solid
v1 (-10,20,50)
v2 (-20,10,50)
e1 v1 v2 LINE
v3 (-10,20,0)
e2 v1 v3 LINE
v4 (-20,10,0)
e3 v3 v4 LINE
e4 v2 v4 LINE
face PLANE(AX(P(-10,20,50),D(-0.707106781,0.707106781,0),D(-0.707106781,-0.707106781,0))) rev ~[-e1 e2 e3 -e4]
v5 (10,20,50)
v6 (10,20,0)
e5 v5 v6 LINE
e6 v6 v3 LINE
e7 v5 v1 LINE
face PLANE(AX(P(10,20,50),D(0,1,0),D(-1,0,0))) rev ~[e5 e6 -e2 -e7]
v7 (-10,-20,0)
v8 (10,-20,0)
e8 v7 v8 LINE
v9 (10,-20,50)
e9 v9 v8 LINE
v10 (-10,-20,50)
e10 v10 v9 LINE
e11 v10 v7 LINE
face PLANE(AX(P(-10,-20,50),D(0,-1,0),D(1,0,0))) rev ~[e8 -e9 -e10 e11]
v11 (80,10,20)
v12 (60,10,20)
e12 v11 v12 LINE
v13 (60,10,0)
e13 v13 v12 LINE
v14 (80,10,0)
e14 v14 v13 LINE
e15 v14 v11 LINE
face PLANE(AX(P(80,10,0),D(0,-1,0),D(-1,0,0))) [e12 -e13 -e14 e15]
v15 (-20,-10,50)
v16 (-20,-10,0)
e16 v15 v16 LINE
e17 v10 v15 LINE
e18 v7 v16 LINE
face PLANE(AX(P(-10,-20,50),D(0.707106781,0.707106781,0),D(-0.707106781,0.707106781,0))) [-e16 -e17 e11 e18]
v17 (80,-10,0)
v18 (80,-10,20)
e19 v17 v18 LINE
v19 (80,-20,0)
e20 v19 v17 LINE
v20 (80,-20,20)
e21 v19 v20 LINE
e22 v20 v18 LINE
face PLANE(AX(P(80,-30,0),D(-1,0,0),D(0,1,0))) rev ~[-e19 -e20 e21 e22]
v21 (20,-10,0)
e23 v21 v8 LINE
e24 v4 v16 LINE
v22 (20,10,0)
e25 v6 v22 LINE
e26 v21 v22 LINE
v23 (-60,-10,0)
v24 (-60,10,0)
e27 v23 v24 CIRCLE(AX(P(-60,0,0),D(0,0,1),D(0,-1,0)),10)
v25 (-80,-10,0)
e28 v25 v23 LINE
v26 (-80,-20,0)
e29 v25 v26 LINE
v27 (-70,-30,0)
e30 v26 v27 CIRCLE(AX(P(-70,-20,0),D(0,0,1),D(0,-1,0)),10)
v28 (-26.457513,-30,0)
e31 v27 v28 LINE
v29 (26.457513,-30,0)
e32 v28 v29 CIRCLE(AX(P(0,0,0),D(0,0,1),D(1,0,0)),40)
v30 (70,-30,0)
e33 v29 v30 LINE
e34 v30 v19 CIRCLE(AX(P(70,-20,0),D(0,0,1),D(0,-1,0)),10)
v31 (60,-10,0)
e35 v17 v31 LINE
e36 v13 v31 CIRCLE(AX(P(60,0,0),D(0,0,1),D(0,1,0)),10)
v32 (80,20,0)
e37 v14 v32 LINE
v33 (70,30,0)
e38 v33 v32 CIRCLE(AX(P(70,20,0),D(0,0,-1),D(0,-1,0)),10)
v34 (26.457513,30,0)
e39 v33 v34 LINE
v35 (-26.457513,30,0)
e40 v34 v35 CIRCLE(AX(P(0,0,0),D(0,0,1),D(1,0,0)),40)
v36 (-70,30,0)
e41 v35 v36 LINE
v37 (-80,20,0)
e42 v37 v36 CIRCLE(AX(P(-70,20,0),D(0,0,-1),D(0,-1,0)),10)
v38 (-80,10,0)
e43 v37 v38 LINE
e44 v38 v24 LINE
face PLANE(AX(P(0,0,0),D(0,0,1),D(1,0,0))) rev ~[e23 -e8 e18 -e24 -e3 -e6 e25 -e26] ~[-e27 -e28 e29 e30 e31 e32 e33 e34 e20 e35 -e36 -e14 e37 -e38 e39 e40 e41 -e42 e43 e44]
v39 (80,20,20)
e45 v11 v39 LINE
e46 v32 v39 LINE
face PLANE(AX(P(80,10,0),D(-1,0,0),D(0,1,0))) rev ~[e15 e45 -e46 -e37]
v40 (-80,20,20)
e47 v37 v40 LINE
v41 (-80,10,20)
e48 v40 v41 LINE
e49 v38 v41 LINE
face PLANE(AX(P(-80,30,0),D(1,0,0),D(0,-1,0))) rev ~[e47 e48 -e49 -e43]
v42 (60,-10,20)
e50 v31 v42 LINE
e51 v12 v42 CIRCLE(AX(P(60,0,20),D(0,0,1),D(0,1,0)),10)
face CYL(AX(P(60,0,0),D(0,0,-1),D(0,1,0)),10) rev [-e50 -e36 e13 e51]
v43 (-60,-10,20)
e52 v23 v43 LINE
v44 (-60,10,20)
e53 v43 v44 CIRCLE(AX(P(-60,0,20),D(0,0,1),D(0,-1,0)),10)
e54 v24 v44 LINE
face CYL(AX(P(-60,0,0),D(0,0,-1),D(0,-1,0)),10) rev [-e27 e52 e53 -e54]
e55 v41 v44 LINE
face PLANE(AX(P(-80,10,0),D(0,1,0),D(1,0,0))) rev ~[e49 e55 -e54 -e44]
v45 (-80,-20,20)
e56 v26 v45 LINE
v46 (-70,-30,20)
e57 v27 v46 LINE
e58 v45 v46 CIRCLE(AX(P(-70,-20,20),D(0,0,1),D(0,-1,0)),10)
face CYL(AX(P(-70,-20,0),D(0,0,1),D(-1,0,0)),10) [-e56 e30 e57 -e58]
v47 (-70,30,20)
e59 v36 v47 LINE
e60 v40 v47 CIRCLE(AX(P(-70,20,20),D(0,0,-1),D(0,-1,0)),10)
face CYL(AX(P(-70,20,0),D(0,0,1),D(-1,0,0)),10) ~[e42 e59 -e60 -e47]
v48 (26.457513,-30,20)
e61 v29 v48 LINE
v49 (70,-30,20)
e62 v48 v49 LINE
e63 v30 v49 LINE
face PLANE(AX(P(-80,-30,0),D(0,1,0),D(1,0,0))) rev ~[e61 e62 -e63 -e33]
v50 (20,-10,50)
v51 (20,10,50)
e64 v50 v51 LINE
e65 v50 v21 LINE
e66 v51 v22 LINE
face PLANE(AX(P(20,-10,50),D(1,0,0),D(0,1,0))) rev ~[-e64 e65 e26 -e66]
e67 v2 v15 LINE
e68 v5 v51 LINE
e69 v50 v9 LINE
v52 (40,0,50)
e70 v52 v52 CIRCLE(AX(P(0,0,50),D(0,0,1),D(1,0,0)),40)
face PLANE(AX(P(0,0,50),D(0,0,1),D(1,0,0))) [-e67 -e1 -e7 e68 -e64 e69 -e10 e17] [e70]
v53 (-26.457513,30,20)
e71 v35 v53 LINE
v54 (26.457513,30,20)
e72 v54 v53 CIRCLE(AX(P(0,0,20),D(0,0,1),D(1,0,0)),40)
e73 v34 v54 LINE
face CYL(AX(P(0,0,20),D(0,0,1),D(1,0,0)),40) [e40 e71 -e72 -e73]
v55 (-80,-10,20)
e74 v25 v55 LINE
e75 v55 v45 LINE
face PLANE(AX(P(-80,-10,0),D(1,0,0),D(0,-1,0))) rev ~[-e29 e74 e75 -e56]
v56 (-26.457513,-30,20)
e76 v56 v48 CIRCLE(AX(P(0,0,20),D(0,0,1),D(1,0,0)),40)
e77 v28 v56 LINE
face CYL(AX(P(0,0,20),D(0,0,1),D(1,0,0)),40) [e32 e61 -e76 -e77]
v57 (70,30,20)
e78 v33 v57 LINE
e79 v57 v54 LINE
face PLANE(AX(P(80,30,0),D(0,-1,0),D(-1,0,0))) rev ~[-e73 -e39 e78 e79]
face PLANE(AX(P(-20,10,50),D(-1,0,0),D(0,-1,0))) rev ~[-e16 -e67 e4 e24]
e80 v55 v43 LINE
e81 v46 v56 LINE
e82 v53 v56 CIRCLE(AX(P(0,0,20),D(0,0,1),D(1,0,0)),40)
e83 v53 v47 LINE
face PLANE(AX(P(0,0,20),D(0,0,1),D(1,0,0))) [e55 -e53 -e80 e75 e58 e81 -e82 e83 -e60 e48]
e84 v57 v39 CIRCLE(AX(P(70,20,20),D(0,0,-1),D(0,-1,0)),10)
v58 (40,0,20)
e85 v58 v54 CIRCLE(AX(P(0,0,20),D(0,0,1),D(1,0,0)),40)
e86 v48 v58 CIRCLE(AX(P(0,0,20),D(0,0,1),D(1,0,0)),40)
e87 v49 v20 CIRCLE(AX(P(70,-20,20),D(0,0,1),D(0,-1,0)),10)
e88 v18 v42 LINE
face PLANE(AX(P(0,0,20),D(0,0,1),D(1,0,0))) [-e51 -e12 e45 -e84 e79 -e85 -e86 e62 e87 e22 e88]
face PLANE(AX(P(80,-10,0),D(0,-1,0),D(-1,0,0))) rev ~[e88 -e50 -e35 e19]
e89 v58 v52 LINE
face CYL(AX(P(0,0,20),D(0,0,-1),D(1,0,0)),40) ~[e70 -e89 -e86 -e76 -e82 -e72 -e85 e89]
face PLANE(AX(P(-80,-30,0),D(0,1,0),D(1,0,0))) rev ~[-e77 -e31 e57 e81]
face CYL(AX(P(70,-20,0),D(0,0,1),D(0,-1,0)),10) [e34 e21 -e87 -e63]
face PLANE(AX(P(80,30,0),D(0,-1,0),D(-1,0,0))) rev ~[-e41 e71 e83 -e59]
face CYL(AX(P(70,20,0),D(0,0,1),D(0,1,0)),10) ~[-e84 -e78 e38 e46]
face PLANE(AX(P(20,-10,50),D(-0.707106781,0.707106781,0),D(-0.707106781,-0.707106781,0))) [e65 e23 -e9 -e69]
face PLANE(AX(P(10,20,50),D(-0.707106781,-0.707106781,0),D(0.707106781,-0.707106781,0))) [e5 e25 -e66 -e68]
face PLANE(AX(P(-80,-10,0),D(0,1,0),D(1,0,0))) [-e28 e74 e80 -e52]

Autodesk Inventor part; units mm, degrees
ref_plane "YZ Plane" through (0, 0, 0) normal (1, 0, 0) x (0, 1, 0)
ref_plane "XZ Plane" through (0, 0, 0) normal (0, 1, 0) x (-1, 0, 0)
ref_plane "XY Plane" through (0, 0, 0) normal (0, 0, 1) x (1, 0, 0)
sketch "Boceto1" plane through (0, 0, 0) normal (0, 0, 1) x (1, 0, 0)
  line L0 (-80, -30) -> (80, -30)
  line L1 (80, 30) -> (-80, 30)
  line L2 (-80, -30) -> (80, 30) construction
  line L3 (80, -30) -> (-80, 30) construction
  line L4 (0, -42) -> (0, 42) construction
  line L5 (-112, 0) -> (112, 0) construction
  arc A0 (-60, -10) -> (-60, 10) centre (-60, 0) ccw
  line L6 (-80, 10) -> (-60, 10)
  line L7 (-80, -10) -> (-60, -10)
  arc A1 (60, 10) -> (60, -10) centre (60, 0) ccw
  line L8 (80, 10) -> (60, 10)
  line L9 (80, -10) -> (60, -10)
  line L10 (-80, 30) -> (-80, 10)
  line L11 (-80, -10) -> (-80, -30)
  line L12 (80, -30) -> (80, -10)
  line L13 (80, 10) -> (80, 30)
  point P0 (0, 0)
  dimension "d2" = 160
  dimension "d3" = 60
  dimension "d4" = 20
  dimension "d6" = 20
  dimension "d7" = 20
extrude "Extrusión1" add sketch "Boceto1" along normal blind 20
sketch "Boceto2" plane through (0, 0, 20) normal (0, 0, 1) x (1, 0, 0)
  circle A0 centre (0, 0) radius 40
  dimension "d10" = 80
extrude "Extrusión2" add sketch "Boceto2" along normal blind 30 and the other way blind 20
sketch "Boceto3" plane through (0, 0, 50) normal (0, 0, 1) x (1, 0, 0)
  line L0 (-10, -20) -> (10, -20)
  line L1 (20, -10) -> (20, 10)
  line L2 (10, 20) -> (-10, 20)
  line L3 (-20, 10) -> (-20, -10)
  line L4 (-20, -20) -> (20, 20) construction
  line L5 (20, -20) -> (-20, 20) construction
  line L6 (-10, 20) -> (-20, 10)
  line L7 (10, 20) -> (20, 10)
  line L8 (20, -10) -> (10, -20)
  line L9 (-10, -20) -> (-20, -10)
  point P0 (0, 0)
  dimension "d15" = 40
  dimension "d16" = 40
  dimension "d17" = 10
  dimension "d18" = 10
  dimension "d19" = 10
  dimension "d20" = 10
  dimension "d21" = 10
  dimension "d22" = 10
  dimension "d23" = 10
  dimension "d24" = 10
extrude "Extrusión3" cut sketch "Boceto3" against normal through all
fillet "Empalme1" radius 10 4 edges at (80, 30, 10) (-80, 30, 10) (80, -30, 10) (-80, -30, 10)
equation "\"d18\" = d17"
equation "\"d19\" = d17"
equation "\"d20\" = d19"
equation "\"d21\" = d17"
equation "\"d22\" = d21"
equation "\"d23\" = d17"
equation "\"d24\" = d23"
properties part number "Lab2A01209499P10"
